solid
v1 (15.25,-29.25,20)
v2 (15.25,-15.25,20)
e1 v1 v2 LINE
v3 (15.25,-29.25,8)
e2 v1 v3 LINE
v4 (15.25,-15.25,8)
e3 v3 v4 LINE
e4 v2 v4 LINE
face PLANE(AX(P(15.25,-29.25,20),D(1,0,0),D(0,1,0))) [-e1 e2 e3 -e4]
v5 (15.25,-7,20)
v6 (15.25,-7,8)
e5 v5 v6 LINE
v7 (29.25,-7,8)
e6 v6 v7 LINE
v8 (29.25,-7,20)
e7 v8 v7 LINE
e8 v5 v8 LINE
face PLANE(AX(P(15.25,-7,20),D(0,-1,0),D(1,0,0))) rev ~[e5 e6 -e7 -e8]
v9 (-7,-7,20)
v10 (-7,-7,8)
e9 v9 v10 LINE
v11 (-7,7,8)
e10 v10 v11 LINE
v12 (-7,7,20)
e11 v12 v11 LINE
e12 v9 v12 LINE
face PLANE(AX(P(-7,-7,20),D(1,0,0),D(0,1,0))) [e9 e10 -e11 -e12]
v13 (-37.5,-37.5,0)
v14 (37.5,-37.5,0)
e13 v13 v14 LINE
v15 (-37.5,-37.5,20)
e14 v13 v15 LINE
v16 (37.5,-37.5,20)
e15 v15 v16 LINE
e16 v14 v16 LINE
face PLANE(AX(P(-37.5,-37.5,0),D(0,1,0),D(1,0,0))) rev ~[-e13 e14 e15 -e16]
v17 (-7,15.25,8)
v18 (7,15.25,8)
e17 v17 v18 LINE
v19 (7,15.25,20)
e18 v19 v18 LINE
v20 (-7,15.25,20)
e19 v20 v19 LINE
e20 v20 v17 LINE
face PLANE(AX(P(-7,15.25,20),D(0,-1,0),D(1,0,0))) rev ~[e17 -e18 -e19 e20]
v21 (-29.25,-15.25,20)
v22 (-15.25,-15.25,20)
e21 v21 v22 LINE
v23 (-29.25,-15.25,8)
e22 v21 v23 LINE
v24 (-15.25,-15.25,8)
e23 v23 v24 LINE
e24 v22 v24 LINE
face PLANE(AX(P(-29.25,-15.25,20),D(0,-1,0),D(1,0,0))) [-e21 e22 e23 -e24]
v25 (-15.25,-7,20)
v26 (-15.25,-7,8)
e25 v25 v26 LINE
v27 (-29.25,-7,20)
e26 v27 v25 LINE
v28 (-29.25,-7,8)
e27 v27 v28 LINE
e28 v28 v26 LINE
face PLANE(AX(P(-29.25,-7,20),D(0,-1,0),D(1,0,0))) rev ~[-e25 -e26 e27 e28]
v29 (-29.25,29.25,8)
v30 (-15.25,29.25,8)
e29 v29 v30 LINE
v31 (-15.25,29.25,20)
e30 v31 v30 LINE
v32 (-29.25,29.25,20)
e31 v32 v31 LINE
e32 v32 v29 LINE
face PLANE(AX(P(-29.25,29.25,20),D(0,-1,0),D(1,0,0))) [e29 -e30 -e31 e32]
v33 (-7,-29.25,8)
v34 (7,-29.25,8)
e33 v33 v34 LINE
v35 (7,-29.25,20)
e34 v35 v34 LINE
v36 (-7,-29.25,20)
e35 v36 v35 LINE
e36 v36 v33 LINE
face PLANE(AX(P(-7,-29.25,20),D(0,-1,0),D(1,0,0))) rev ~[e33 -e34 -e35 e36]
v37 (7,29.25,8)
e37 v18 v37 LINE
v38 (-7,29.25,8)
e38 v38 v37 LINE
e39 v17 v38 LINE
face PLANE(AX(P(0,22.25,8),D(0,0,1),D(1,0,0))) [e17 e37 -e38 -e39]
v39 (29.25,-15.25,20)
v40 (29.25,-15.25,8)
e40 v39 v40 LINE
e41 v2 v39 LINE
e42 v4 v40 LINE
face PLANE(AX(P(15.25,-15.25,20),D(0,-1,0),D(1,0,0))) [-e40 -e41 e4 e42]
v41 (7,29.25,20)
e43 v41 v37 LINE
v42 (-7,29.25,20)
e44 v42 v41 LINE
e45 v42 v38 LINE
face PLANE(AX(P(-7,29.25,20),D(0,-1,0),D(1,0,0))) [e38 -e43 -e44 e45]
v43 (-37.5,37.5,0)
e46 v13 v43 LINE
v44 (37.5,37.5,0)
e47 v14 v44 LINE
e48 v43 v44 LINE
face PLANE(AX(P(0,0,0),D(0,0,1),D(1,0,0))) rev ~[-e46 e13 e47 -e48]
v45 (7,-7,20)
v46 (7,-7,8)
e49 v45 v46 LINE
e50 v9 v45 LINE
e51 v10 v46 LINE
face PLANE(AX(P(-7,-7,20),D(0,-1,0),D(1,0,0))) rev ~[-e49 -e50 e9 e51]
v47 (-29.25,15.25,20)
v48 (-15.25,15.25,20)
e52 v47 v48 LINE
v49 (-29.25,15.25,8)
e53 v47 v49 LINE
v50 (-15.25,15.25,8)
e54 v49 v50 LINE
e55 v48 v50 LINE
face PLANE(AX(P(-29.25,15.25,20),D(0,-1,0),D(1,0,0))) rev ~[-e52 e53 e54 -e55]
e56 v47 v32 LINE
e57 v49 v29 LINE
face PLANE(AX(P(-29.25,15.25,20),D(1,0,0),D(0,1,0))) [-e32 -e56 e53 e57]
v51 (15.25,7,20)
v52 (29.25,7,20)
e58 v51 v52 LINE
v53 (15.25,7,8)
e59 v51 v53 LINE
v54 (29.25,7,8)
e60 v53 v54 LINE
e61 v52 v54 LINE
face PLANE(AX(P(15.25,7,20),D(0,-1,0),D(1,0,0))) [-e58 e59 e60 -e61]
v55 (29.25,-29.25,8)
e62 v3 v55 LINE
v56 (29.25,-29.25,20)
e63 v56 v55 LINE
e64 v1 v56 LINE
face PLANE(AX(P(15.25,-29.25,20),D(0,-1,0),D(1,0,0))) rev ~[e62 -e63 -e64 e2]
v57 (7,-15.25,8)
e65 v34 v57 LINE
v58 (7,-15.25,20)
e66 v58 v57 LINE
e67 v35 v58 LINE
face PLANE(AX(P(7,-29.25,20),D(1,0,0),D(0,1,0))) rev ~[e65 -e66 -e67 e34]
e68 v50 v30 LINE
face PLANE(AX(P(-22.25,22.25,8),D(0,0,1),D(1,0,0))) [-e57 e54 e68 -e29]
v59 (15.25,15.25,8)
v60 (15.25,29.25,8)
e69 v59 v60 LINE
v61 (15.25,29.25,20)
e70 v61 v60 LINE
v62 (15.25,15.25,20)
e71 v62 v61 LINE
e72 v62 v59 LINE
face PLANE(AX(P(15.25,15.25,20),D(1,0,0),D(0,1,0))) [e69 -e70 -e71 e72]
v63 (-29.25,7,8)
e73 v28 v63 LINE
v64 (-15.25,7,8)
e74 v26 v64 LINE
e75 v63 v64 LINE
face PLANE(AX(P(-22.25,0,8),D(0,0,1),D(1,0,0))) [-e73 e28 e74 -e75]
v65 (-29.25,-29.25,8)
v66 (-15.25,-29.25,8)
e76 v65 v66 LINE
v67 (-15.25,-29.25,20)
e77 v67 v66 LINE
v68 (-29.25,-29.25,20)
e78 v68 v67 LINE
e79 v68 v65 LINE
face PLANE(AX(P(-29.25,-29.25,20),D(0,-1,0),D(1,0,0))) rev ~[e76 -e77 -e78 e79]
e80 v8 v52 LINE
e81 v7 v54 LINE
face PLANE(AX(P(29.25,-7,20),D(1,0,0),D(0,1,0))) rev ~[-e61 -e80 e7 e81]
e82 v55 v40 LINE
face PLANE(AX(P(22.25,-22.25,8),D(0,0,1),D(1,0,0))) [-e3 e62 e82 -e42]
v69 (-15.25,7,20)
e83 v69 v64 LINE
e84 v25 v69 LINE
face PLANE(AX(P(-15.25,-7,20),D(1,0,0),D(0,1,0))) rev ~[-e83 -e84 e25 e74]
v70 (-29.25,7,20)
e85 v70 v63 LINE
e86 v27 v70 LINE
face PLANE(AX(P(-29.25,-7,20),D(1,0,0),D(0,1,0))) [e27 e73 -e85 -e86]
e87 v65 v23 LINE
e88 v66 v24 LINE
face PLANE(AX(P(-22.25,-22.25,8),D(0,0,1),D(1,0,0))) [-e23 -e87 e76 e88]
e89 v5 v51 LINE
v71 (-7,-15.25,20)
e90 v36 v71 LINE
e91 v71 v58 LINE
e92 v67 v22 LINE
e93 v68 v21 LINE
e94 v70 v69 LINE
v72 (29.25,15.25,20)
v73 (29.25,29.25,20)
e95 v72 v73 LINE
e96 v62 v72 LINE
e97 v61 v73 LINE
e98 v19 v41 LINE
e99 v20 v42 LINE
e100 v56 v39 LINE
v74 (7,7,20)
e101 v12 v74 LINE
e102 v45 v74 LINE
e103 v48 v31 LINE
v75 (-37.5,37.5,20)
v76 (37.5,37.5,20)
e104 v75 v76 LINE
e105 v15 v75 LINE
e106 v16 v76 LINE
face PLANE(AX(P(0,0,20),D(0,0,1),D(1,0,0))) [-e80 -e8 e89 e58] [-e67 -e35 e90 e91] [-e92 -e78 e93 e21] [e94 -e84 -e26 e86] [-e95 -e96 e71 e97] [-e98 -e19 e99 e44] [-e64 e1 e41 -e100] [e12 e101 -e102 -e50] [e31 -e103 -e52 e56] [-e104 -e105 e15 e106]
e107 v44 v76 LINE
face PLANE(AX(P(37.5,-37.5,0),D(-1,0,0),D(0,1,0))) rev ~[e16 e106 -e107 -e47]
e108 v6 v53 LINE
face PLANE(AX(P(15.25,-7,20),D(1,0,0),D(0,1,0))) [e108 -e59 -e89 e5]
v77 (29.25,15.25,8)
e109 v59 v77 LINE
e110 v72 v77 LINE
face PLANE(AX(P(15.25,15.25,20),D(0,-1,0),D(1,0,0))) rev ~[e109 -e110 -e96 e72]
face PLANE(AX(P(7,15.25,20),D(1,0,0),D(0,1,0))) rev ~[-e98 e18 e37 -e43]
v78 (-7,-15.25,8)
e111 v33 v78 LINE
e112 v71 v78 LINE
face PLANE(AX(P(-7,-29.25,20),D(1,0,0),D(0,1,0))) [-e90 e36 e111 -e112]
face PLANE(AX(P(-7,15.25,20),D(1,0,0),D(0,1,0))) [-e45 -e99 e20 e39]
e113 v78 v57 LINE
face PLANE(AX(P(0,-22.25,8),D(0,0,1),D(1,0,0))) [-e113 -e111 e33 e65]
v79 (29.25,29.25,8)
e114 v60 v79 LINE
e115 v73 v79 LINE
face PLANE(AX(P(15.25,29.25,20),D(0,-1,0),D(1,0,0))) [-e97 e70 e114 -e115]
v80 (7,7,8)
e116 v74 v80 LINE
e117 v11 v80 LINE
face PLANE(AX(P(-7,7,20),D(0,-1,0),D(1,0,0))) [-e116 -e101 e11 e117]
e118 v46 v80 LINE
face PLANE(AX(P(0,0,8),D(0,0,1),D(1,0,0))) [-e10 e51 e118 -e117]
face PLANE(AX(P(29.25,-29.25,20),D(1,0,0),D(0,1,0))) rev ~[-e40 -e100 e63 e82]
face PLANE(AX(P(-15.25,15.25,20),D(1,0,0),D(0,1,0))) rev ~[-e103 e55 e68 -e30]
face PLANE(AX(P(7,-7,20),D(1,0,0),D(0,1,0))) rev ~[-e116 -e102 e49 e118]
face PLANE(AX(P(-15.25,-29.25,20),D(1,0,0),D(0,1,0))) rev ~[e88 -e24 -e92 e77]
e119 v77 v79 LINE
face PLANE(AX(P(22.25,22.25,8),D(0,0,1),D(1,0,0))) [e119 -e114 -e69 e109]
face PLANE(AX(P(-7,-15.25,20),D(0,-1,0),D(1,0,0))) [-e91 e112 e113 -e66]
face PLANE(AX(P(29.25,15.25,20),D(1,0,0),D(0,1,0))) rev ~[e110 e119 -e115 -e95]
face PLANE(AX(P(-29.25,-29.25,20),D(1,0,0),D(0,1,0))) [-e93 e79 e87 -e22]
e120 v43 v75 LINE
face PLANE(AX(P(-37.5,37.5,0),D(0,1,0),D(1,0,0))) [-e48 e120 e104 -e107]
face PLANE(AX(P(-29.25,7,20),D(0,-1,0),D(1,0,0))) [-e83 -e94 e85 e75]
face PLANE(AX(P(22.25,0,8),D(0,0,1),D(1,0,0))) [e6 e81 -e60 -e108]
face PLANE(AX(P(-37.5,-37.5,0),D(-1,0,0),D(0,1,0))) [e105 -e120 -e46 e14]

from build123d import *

# Parameters (mm, degrees)
F0_W     = 75
F0_H     = 75
F1_DEPTH = 20
F2_W     = 14
F2_H     = 14
F3_DEPTH = 12


with BuildPart() as f1:
    # F0 (on Top) → F1 (new body)
    with BuildSketch(Plane.XY):
        Rectangle(F0_W, F0_H)
    extrude(amount=F1_DEPTH)

    # F2 (on face) → F3 (cut)
    with BuildSketch(Plane.XY.offset(20)):
        Rectangle(F2_W, F2_H)
        with Locations((22.25, -22.25)):
            Rectangle(F2_W, F2_H)
        with Locations((22.25, 0)):
            Rectangle(F2_W, F2_H)
        with Locations((22.25, 22.25)):
            Rectangle(F2_W, F2_H)
        with Locations((0, 22.25)):
            Rectangle(F2_W, F2_H)
        with Locations((-22.25, 22.25)):
            Rectangle(F2_W, F2_H)
        with Locations((-22.25, 0)):
            Rectangle(F2_W, F2_H)
        with Locations((-22.25, -22.25)):
            Rectangle(F2_W, F2_H)
        with Locations((0, -22.25)):
            Rectangle(F2_W, F2_H)
    extrude(amount=-F3_DEPTH, mode=Mode.SUBTRACT)


solid = f1.part
